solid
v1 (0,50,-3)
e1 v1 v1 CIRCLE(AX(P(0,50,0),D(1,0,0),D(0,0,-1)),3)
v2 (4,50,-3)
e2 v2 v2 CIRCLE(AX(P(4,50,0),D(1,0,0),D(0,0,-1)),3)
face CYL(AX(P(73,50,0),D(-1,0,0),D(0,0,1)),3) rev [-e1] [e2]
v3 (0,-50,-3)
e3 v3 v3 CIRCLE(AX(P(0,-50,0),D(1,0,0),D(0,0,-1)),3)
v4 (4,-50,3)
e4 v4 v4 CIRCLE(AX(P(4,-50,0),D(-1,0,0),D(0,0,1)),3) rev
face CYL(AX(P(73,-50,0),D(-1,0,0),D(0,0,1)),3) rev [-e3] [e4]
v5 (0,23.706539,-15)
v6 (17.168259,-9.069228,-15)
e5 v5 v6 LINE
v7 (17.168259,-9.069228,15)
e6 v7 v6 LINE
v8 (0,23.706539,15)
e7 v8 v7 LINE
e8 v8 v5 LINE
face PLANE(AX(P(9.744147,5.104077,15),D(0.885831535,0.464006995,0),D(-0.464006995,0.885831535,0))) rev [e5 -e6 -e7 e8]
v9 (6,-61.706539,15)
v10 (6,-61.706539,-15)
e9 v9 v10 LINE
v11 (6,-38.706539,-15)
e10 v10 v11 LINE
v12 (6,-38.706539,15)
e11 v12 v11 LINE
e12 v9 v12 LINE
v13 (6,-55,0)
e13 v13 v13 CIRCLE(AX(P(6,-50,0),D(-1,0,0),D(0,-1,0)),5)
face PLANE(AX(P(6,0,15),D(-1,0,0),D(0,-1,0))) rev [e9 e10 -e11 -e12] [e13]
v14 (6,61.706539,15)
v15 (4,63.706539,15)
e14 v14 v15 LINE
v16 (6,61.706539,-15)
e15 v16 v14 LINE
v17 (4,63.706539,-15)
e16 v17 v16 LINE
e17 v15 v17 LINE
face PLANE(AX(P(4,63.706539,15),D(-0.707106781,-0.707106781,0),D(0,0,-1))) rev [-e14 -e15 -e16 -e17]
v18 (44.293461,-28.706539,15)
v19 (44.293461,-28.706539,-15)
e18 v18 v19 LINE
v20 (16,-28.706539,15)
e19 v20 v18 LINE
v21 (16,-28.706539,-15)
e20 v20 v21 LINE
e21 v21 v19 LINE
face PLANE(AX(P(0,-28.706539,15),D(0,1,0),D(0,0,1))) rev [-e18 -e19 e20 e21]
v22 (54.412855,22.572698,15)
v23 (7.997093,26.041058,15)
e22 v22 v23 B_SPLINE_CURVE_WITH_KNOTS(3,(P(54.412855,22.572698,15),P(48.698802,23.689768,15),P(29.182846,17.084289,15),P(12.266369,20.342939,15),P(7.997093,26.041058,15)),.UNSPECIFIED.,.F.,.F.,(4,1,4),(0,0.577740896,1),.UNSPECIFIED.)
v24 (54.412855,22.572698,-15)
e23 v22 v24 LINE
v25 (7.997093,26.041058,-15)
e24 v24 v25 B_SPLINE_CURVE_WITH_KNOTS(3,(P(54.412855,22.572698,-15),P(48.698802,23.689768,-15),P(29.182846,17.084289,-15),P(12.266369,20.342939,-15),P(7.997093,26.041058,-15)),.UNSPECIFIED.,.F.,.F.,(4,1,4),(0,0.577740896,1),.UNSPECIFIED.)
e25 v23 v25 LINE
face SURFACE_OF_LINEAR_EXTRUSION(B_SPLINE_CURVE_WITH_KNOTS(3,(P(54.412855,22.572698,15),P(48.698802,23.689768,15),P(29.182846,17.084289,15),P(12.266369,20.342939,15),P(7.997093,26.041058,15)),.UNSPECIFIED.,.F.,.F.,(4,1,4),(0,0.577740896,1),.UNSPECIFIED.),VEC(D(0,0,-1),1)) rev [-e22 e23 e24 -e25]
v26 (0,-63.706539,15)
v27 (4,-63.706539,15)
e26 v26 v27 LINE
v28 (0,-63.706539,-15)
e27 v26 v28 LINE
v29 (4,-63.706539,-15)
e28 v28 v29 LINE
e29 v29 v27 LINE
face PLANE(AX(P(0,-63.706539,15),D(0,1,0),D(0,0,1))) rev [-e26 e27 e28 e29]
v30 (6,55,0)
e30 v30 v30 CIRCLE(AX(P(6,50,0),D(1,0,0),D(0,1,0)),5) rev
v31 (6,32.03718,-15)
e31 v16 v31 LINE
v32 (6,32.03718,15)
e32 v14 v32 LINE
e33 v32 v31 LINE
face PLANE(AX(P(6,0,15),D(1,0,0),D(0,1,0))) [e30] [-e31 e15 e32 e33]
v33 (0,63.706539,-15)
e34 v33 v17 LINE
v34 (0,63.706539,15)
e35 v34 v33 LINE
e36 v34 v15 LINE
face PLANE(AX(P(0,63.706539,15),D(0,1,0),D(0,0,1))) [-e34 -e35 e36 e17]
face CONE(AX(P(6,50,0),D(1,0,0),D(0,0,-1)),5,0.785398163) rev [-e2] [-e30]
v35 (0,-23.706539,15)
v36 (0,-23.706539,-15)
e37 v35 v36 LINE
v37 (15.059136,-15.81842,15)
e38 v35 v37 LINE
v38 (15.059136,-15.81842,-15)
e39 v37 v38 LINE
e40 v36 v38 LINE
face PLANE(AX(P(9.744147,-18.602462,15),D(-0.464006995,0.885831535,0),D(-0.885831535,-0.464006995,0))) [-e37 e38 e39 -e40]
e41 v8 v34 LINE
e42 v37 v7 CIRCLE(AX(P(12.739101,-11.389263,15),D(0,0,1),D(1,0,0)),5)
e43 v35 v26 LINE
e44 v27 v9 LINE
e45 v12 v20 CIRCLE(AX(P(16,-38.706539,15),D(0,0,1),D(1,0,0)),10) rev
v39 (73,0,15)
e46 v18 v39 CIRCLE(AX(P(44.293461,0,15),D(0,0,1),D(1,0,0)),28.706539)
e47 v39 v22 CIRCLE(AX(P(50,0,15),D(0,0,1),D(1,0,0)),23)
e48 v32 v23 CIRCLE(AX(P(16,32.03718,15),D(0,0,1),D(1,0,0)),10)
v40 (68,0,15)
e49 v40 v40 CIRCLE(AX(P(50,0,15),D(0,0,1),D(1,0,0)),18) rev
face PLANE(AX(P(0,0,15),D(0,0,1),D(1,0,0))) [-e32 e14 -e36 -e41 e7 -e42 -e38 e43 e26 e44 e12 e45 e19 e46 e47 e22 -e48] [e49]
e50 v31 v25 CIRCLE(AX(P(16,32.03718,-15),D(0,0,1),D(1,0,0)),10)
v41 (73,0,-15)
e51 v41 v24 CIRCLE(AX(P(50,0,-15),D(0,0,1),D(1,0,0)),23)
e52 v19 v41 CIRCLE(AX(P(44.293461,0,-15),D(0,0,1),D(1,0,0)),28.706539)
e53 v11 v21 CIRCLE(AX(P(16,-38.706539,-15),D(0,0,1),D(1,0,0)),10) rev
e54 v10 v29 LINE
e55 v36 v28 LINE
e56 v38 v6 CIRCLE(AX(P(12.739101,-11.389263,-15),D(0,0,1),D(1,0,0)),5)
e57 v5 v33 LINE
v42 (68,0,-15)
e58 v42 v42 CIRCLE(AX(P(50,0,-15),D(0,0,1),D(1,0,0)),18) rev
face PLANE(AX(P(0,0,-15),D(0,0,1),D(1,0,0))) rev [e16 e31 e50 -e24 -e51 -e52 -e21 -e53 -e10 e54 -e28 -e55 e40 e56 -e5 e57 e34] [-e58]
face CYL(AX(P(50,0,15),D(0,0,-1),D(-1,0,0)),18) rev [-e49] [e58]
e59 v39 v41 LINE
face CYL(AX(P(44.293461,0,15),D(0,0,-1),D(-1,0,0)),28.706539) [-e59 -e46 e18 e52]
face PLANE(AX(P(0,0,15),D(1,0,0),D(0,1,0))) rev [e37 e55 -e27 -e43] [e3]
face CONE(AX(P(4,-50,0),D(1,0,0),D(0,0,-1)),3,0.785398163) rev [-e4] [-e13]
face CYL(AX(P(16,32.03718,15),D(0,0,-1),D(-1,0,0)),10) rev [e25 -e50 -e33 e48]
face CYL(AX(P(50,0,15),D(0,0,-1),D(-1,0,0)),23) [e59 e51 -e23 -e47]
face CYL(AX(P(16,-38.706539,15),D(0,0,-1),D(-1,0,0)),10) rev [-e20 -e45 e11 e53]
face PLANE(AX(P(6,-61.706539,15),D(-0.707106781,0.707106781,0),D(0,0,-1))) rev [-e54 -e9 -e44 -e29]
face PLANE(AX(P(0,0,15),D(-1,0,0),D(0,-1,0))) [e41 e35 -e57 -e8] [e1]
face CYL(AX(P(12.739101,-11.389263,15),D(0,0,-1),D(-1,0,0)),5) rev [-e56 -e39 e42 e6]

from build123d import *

# Parameters (mm, degrees)
BOSS_EXTRUDE2_DEPTH = 15
SKETCH7_R           = 3
CUT_EXTRUDE3_DEPTH  = 99.043475892
CHAMFER1_SIZE       = 2


with BuildPart() as part:
    # Sketch5 → Boss-Extrude2 (new, symmetric)
    with BuildSketch(Plane.XY):
        with BuildLine():
            Line((15.0591361, -15.818420273), (0, -23.706539182))
            Line((0, -23.706539182), (0, -63.706539182))
            Line((0, -63.706539182), (6, -63.706539182))
            Line((6, -63.706539182), (6, -38.706539182))
            ThreePointArc((6, -38.706539182), (8.928932188, -31.63547137), (16, -28.706539182))
            Line((16, -28.706539182), (44.293460818, -28.706539182))
            ThreePointArc((44.293460818, -28.706539182), (64.592049338, -20.29858852), (73, 0))
            ThreePointArc((73, 0), (71.8467278, 7.191695517), (68.502566573, 13.662175164))
            ThreePointArc((68.502566573, 13.662175164), (68.128388929, 12.868245276), (68, 12))
            Line((68, 12), (68, 0))
            ThreePointArc((68, 0), (55.687961475, -17.077678246), (35.594767305, -10.793019549))
            Line((35.594767305, -10.793019549), (7.997092947, 26.041058175))
            ThreePointArc((7.997092947, 26.041058175), (6.512400975, 28.87720155), (6, 32.037180147))
            Line((6, 32.037180147), (6, 63.706539182))
            Line((6, 63.706539182), (0, 63.706539182))
            Line((0, 63.706539182), (0, 23.706539182))
            Line((0, 23.706539182), (17.168258803, -9.069227623))
            ThreePointArc((17.168258803, -9.069227623), (17.511501017, -12.880637562), (15.0591361, -15.818420273))
        make_face()
        with BuildLine():
            ThreePointArc((68, 12), (68.128388929, 12.868245276), (68.502566573, 13.662175164))
            ThreePointArc((68.502566573, 13.662175164), (62.293432752, 19.438917438), (54.41285467, 22.572698413))
            add(Edge.make_bspline(
                [(54.41285467, 22.572698413), (48.698801755, 23.689768452), (29.182846067, 17.084288793), (12.266368885, 20.342938845), (7.997092947, 26.041058175)],
                knots=[0, 0, 0, 0, 0.577740896, 1, 1, 1, 1], degree=3))
            Line((7.997092947, 26.041058175), (35.594767305, -10.793019549))
            ThreePointArc((35.594767305, -10.793019549), (44.312038525, 17.077678246), (68, 0))
            Line((68, 0), (68, 12))
        make_face()
    extrude(amount=BOSS_EXTRUDE2_DEPTH, both=True)

    # Sketch7 → Cut-Extrude3 (cut, through all)
    with BuildSketch(Plane(origin=(0, 0, 0), x_dir=(0, 0, -1), z_dir=(1, 0, 0))):
        with Locations(Location((0, -50, 0), (0, 0, 270))):
            Circle(SKETCH7_R)
        with Locations(Location((0, 50, 0), (0, 0, 90))):
            Circle(SKETCH7_R)
    extrude(amount=CUT_EXTRUDE3_DEPTH, mode=Mode.SUBTRACT)

    # Chamfer1
    chamfer1_edges = [part.edges().sort_by_distance(p)[0] for p in [
        (6, -63.706539182, 0),
        (6, 63.706539182, 0),
        (6, -47, 0),
        (6, 47, 0),
    ]]
    chamfer(chamfer1_edges, length=CHAMFER1_SIZE)


solid = part.part
